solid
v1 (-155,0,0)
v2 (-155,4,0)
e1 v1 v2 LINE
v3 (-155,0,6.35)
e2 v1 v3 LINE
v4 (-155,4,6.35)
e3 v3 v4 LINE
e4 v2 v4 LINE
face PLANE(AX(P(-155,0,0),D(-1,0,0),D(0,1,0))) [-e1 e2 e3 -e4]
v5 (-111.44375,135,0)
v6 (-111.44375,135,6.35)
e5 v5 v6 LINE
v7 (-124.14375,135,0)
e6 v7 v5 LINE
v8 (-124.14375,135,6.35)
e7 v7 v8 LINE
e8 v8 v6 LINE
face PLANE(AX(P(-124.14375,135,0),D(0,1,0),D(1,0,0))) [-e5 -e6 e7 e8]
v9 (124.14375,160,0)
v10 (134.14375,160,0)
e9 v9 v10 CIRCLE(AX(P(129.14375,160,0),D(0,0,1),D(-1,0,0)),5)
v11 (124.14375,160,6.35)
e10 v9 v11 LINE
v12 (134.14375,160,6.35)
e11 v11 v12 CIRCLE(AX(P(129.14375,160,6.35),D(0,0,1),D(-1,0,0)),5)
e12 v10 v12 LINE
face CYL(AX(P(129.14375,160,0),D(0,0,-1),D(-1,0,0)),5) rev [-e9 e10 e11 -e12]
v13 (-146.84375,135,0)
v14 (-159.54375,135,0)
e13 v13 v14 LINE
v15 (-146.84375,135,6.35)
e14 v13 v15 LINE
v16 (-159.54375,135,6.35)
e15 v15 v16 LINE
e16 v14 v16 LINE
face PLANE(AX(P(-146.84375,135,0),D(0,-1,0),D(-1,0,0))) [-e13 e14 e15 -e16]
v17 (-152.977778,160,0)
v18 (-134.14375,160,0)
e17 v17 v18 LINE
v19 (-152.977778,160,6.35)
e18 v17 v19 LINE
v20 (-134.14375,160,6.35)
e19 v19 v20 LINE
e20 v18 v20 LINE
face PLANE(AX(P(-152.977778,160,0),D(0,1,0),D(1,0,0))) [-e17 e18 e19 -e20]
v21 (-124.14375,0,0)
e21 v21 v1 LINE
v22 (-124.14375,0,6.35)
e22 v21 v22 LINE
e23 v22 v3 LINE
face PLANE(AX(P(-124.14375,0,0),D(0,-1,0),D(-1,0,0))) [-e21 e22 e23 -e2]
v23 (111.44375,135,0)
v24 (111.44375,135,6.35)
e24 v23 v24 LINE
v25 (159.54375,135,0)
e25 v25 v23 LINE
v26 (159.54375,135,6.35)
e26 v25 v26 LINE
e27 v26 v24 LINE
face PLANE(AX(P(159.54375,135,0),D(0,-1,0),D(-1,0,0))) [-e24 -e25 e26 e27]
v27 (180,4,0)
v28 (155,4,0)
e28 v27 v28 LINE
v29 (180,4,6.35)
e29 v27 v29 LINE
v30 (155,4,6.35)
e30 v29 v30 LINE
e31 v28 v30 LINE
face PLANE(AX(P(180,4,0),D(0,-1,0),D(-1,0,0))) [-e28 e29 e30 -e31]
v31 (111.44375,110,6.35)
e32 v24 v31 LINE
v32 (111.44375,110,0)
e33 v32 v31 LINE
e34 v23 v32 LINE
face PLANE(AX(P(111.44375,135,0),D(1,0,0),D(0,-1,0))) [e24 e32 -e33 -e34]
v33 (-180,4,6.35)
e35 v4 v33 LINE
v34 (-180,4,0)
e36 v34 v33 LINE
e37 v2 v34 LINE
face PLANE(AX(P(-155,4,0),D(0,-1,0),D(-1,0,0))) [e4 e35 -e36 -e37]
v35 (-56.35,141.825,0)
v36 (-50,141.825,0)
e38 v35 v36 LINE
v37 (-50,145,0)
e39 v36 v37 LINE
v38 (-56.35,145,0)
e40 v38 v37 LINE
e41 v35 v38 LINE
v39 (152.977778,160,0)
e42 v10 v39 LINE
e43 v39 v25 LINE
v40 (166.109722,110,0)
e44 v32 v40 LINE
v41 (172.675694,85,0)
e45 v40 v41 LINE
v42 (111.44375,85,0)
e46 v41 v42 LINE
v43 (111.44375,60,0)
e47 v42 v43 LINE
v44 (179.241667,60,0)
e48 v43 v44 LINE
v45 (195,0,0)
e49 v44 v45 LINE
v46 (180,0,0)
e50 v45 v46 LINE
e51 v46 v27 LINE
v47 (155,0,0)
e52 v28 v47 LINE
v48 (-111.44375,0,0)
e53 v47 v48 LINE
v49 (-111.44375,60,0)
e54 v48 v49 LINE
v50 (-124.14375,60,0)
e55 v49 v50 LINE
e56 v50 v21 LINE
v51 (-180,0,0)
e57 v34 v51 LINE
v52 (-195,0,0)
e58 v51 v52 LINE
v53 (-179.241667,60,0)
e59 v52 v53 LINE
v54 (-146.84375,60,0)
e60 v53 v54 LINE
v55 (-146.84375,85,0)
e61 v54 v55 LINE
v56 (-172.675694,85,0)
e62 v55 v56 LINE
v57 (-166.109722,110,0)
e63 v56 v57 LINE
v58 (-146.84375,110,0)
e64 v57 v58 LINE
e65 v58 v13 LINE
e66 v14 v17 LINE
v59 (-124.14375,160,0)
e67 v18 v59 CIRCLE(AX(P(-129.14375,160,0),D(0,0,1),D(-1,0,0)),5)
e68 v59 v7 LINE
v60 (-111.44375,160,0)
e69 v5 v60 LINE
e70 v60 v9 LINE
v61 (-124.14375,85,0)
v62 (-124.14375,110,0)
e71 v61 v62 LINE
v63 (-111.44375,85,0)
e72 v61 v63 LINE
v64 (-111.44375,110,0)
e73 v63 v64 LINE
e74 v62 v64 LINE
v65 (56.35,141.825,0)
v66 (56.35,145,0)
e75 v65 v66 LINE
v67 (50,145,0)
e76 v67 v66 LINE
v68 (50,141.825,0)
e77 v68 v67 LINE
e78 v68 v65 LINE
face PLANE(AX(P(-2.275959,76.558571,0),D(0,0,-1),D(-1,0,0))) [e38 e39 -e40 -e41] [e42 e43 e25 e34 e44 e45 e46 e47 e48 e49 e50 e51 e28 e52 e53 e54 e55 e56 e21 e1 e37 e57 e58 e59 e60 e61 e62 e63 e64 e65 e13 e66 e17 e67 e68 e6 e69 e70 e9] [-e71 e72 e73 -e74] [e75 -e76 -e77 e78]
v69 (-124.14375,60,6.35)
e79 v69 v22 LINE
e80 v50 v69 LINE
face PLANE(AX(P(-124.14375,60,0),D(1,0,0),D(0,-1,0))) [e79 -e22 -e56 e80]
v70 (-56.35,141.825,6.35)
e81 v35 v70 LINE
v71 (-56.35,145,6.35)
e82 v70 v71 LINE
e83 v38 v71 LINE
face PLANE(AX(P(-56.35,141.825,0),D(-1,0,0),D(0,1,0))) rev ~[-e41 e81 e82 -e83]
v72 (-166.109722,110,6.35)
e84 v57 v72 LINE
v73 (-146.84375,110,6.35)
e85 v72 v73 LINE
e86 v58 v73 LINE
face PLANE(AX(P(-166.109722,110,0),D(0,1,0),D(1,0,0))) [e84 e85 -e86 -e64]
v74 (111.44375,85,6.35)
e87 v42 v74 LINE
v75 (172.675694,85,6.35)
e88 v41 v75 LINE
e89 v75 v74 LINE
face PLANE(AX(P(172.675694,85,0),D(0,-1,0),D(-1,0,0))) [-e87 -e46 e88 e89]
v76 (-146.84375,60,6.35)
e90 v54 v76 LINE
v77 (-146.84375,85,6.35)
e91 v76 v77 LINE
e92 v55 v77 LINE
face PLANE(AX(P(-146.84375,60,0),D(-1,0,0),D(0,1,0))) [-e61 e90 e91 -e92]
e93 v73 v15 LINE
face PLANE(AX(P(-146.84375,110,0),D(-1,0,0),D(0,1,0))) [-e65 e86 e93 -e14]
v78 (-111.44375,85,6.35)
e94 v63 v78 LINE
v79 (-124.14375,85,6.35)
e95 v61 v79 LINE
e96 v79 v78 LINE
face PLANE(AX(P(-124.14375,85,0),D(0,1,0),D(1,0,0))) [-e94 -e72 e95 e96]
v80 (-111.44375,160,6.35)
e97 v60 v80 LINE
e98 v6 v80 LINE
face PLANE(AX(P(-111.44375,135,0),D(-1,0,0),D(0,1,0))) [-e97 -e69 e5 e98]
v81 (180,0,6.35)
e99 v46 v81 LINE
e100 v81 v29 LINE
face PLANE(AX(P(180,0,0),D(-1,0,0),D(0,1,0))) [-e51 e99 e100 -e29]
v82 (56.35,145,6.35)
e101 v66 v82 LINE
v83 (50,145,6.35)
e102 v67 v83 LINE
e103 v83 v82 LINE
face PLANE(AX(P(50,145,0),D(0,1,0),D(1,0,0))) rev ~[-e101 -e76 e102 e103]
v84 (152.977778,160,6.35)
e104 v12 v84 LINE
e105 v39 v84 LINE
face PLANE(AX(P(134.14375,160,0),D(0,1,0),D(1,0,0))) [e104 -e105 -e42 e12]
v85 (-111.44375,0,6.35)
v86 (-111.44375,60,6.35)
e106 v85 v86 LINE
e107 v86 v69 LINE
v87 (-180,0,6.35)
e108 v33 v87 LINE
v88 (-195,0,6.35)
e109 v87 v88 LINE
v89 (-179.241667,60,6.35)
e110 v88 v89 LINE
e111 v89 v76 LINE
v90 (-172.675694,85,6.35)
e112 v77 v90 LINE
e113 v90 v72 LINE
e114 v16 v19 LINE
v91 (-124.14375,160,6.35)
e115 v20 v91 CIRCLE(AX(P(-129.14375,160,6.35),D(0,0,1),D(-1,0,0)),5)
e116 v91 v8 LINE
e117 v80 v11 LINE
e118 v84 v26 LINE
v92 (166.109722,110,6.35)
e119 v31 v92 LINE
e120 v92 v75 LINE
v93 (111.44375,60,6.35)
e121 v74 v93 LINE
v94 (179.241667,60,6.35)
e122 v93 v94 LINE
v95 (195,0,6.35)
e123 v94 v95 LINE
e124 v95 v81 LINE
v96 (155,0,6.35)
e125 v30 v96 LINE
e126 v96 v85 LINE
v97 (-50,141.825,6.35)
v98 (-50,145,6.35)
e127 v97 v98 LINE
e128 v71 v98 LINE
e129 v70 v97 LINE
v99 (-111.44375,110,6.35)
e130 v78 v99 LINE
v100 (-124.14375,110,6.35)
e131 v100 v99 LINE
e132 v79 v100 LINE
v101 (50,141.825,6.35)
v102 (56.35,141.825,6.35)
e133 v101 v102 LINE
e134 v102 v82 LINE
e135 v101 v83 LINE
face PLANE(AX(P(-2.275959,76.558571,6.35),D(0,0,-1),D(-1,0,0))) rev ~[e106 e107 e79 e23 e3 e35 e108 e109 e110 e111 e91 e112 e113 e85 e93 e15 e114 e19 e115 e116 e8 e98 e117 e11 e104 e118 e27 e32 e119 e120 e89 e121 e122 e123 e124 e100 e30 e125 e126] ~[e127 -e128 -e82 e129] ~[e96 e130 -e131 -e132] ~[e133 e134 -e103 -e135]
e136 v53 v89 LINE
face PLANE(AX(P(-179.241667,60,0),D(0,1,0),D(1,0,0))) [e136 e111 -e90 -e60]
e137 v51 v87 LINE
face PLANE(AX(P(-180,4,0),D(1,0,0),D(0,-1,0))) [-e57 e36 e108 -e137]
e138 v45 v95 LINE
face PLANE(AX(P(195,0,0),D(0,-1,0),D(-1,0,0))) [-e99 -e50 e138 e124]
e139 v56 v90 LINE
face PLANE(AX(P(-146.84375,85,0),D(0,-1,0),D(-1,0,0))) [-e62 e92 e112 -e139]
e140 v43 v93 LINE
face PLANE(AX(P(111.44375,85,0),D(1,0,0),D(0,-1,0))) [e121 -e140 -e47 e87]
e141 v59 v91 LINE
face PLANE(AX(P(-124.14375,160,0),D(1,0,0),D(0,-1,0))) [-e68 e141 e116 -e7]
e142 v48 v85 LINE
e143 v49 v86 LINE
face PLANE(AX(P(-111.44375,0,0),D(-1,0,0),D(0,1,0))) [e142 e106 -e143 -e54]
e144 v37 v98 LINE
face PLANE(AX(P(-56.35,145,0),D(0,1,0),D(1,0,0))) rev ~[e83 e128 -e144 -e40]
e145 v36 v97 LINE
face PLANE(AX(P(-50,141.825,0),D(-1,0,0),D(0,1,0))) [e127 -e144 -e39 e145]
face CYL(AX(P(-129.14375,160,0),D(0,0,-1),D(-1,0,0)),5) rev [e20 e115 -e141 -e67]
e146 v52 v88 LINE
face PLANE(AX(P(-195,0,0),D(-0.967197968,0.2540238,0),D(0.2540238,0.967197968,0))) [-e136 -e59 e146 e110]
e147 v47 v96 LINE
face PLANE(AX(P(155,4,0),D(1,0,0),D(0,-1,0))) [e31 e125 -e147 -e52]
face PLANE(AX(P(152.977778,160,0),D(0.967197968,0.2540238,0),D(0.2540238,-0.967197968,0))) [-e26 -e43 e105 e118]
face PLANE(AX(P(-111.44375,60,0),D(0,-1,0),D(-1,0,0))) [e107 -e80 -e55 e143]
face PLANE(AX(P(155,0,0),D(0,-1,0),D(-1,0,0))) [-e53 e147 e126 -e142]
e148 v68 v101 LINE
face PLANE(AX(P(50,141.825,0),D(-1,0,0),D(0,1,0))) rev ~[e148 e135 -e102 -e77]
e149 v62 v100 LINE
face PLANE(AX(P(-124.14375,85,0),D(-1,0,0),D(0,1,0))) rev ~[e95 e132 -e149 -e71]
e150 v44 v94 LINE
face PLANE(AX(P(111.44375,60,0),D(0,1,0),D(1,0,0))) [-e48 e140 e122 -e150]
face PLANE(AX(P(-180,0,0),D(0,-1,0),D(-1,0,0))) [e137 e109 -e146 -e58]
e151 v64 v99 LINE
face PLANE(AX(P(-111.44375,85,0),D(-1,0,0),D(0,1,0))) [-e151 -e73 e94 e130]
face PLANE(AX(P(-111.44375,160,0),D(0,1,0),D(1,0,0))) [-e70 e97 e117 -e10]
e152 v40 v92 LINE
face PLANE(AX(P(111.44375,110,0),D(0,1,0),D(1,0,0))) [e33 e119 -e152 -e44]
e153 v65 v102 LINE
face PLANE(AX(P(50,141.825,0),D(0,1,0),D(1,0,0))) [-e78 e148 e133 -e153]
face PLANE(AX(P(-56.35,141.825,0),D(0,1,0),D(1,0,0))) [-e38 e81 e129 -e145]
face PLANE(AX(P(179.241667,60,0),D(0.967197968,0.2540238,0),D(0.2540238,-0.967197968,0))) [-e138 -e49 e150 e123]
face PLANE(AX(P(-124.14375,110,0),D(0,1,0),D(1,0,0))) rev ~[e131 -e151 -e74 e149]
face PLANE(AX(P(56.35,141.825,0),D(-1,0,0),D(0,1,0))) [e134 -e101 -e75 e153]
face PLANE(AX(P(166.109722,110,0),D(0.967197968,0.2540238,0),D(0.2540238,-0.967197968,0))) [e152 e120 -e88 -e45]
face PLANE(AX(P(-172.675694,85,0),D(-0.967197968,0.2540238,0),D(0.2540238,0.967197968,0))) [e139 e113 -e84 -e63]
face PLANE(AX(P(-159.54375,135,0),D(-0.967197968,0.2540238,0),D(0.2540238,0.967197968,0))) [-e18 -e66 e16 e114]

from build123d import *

# Parameters (mm, degrees)
SKETCH1_W      = 6.35
SKETCH1_H      = 3.175
SKETCH1_W_2    = 12.7
SKETCH1_H_2    = 25
EXTRUDE1_DEPTH = 6.35


with BuildPart() as part:
    # Sketch1 → Extrude1 (new body)
    with BuildSketch(Plane.XY):
        with BuildLine():
            Line((-155, 0), (-155, 4))
            Line((-155, 4), (-180, 4))
            Line((-180, 4), (-180, 0))
            Line((-180, 0), (-195, 0))
            Line((-195, 0), (-179.241666667, 60))
            Line((-179.241666667, 60), (-146.84375, 60))
            Line((-146.84375, 60), (-146.84375, 85))
            Line((-146.84375, 85), (-172.675694444, 85))
            Line((-172.675694444, 85), (-166.109722222, 110))
            Line((-166.109722222, 110), (-146.84375, 110))
            Line((-146.84375, 110), (-146.84375, 135))
            Line((-146.84375, 135), (-159.54375, 135))
            Line((-159.54375, 135), (-152.977777778, 160))
            Line((-152.977777778, 160), (-134.14375, 160))
            ThreePointArc((-134.14375, 160), (-129.14375, 155), (-124.14375, 160))
            Line((-124.14375, 160), (-124.14375, 135))
            Line((-124.14375, 135), (-111.44375, 135))
            Line((-111.44375, 135), (-111.44375, 160))
            Line((-111.44375, 160), (0, 160))
            Line((0, 160), (124.14375, 160))
            ThreePointArc((124.14375, 160), (129.14375, 155), (134.14375, 160))
            Line((134.14375, 160), (152.977777778, 160))
            Line((152.977777778, 160), (159.54375, 135))
            Line((159.54375, 135), (111.44375, 135))
            Line((111.44375, 135), (111.44375, 110))
            Line((111.44375, 110), (166.109722222, 110))
            Line((166.109722222, 110), (172.675694444, 85))
            Line((172.675694444, 85), (111.44375, 85))
            Line((111.44375, 85), (111.44375, 60))
            Line((111.44375, 60), (179.241666667, 60))
            Line((179.241666667, 60), (195, 0))
            Line((195, 0), (180, 0))
            Line((180, 0), (180, 4))
            Line((180, 4), (155, 4))
            Line((155, 4), (155, 0))
            Line((155, 0), (-111.44375, 0))
            Line((-111.44375, 0), (-111.44375, 60))
            Line((-111.44375, 60), (-124.14375, 60))
            Line((-124.14375, 60), (-124.14375, 0))
            Line((-124.14375, 0), (-155, 0))
        make_face()
        with Locations((-53.175, 143.4125)):
            Rectangle(SKETCH1_W, SKETCH1_H, mode=Mode.SUBTRACT)
        with Locations((-117.79375, 97.5)):
            Rectangle(SKETCH1_W_2, SKETCH1_H_2, mode=Mode.SUBTRACT)
        with Locations((53.175, 143.4125)):
            Rectangle(SKETCH1_W, SKETCH1_H, mode=Mode.SUBTRACT)
    extrude(amount=EXTRUDE1_DEPTH)


solid = part.part
